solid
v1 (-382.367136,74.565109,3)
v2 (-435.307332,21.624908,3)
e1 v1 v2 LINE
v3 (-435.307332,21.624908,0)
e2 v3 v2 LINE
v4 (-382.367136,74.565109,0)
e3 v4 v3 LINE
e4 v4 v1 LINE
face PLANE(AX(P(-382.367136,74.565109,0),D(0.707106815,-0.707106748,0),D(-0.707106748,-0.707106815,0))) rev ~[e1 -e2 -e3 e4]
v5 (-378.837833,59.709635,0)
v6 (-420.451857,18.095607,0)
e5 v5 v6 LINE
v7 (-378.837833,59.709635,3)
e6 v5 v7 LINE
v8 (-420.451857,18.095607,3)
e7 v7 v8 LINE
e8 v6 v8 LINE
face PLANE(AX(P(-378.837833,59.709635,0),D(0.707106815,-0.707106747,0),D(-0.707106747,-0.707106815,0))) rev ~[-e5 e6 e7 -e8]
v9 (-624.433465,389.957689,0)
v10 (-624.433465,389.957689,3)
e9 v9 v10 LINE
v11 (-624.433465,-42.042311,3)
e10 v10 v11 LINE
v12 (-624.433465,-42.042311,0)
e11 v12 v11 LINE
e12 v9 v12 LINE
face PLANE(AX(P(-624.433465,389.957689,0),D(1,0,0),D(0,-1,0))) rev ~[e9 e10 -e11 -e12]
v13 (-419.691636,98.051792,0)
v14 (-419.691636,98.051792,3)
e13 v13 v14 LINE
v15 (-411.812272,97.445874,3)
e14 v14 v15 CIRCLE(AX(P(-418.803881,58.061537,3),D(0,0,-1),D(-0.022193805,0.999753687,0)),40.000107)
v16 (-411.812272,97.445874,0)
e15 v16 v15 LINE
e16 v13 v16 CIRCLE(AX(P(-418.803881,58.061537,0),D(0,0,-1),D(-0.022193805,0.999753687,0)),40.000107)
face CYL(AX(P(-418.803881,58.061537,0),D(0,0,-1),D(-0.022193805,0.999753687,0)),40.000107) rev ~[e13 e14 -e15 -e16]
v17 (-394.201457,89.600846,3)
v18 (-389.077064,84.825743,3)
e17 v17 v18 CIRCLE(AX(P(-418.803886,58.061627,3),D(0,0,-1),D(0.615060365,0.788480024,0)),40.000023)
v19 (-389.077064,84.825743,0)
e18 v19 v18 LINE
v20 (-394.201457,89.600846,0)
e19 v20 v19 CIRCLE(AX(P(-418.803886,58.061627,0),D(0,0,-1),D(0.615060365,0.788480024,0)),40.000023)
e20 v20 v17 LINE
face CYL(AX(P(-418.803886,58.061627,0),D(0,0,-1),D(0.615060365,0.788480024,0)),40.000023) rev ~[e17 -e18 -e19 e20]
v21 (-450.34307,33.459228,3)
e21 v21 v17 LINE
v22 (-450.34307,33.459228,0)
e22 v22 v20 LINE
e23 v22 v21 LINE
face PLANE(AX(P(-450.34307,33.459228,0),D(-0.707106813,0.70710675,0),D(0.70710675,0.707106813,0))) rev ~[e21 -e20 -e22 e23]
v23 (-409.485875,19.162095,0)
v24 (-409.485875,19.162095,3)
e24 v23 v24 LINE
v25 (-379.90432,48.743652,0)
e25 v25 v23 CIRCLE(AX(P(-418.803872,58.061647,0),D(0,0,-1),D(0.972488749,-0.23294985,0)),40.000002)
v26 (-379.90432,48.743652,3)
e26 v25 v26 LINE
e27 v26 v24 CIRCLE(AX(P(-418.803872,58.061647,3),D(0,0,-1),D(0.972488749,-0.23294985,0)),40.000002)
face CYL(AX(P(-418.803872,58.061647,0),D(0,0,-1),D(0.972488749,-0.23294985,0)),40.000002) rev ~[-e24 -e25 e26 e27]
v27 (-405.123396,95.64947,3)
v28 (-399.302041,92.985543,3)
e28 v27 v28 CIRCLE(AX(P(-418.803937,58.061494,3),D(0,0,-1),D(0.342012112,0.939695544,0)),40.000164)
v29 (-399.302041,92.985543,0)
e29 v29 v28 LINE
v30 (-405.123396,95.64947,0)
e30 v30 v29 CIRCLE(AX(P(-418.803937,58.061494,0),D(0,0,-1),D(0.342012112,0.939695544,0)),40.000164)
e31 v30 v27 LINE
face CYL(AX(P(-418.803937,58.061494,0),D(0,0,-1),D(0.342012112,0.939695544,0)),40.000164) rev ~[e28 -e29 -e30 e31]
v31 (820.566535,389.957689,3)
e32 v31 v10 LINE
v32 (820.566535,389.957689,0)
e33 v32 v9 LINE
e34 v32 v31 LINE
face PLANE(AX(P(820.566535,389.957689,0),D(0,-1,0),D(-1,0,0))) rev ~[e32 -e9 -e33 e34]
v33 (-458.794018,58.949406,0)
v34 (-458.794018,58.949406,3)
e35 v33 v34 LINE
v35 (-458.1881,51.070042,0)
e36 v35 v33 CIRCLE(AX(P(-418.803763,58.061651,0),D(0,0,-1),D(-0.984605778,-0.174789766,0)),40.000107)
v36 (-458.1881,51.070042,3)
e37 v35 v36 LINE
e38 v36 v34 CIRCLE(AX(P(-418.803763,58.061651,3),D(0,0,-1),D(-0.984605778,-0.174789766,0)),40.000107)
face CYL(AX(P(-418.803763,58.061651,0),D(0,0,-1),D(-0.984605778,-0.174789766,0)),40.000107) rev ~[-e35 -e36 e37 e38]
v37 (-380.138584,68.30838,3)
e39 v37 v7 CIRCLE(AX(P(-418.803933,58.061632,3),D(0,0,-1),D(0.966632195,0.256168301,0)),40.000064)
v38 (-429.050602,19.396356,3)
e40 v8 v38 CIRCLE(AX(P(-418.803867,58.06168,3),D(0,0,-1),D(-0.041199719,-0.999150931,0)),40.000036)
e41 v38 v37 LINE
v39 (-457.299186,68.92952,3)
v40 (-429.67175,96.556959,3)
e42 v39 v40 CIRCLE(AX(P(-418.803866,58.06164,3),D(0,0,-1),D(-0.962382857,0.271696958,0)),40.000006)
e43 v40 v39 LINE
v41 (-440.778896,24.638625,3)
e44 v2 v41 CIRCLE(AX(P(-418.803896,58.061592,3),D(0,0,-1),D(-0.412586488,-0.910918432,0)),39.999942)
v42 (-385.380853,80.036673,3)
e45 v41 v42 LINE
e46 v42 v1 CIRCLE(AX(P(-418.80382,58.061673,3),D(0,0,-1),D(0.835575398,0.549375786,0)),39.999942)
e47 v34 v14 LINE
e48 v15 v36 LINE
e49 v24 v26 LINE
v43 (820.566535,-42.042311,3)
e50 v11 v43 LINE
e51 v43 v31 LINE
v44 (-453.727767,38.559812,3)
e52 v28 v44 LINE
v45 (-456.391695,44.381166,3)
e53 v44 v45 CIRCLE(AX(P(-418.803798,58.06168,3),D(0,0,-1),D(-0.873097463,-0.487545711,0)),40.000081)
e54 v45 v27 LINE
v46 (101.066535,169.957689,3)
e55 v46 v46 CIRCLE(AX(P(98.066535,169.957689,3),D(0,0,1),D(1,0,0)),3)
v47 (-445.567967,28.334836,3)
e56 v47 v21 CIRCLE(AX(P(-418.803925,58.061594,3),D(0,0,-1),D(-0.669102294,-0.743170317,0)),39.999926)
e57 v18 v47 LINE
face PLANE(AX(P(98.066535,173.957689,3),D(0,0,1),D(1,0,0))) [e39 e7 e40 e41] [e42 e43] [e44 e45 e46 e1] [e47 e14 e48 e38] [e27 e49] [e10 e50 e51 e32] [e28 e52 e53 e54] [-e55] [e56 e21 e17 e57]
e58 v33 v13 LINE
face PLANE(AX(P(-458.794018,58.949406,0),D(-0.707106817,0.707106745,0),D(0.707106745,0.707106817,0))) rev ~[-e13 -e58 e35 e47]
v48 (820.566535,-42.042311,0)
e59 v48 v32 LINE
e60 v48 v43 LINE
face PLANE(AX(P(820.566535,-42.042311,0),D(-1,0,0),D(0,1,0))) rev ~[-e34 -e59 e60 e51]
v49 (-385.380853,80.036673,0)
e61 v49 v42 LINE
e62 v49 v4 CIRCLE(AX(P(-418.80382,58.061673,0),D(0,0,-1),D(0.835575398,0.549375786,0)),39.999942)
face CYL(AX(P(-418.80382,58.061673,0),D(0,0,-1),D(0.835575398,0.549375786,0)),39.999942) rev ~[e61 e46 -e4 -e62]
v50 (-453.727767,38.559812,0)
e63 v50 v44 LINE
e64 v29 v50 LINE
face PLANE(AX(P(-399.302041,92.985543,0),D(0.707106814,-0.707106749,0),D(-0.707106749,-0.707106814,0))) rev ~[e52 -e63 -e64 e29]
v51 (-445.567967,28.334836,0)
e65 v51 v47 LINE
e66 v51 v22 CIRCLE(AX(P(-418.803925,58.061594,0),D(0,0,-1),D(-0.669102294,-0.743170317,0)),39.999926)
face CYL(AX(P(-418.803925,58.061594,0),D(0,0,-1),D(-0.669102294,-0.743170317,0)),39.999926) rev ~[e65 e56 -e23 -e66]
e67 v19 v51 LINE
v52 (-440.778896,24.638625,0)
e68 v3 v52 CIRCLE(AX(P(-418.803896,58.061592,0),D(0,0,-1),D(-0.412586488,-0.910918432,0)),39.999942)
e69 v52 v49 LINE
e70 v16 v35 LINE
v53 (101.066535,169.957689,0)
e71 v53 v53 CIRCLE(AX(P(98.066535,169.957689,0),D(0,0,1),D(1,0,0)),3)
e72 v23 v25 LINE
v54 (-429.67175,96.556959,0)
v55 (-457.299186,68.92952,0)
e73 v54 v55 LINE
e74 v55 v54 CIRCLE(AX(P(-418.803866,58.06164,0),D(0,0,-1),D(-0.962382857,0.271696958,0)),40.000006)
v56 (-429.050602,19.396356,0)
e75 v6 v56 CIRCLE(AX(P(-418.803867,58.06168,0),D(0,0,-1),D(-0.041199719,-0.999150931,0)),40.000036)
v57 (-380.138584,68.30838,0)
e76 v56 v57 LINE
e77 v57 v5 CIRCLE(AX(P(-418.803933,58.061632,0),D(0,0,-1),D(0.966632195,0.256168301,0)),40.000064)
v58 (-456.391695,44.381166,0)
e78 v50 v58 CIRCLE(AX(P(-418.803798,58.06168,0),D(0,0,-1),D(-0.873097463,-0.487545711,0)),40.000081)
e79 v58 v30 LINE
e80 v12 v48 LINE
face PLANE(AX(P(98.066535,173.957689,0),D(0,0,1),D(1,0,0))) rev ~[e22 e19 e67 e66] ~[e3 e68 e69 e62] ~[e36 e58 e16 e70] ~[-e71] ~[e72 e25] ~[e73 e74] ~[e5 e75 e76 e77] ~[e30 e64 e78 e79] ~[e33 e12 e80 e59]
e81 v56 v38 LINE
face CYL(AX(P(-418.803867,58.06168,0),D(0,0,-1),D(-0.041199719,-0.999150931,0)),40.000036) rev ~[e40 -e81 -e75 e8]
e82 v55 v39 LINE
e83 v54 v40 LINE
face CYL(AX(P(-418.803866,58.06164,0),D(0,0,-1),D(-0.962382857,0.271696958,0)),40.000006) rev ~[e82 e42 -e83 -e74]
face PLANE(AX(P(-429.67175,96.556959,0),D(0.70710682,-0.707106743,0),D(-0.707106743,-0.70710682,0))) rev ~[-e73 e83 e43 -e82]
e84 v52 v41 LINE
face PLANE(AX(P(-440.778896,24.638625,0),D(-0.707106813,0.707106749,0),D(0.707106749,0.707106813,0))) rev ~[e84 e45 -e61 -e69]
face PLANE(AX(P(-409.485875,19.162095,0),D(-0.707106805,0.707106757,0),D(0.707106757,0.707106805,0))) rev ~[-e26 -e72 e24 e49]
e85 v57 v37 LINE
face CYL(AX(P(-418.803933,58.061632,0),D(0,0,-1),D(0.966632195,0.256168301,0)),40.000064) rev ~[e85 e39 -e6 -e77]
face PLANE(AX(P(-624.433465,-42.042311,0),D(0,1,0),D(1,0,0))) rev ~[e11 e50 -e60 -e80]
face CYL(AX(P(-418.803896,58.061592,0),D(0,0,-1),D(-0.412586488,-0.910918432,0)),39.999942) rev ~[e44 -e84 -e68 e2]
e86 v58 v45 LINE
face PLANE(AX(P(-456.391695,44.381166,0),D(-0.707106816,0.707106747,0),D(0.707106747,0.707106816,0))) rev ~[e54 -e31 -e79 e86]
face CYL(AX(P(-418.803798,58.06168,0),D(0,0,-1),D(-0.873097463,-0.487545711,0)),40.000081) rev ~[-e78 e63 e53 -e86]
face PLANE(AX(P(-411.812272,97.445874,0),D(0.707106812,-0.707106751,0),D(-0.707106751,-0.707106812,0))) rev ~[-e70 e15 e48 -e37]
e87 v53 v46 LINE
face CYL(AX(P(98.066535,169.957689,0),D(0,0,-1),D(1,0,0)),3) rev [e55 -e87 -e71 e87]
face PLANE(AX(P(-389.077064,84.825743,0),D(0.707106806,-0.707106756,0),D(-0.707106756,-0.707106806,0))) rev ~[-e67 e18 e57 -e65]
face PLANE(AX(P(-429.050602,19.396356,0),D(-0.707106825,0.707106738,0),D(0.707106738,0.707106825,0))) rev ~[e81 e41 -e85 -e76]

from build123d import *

# Parameters (mm, degrees)
F0_R     = 3
F1_DEPTH = 3


with BuildPart() as f1:
    # F0 (on Top) → F1 (new body)
    with BuildSketch(Plane.XY):
        Polygon((-624.433465, 389.957689), (-624.433465, -42.042311), (-157.433465, -42.042311), (353.566535, -42.042311), (820.566535, -42.042311), (820.566535, 389.957689), (353.566535, 389.957689), (-157.433465, 389.957689), align=None)
        with BuildLine():
            ThreePointArc((-379.90432, 48.743652), (-390.519598, 29.777375), (-409.485875, 19.162095))
            Line((-409.485875, 19.162095), (-379.90432, 48.743652))
        make_face(mode=Mode.SUBTRACT)
        with BuildLine():
            ThreePointArc((-420.451857, 18.095607), (-424.786685, 18.511601), (-429.050602, 19.396356))
            Line((-429.050602, 19.396356), (-380.138584, 68.30838))
            ThreePointArc((-380.138584, 68.30838), (-379.253828, 64.044462), (-378.837833, 59.709635))
            Line((-378.837833, 59.709635), (-420.451857, 18.095607))
        make_face(mode=Mode.SUBTRACT)
        with BuildLine():
            ThreePointArc((-435.307332, 21.624908), (-438.102034, 23.024794), (-440.778896, 24.638625))
            Line((-440.778896, 24.638625), (-385.380853, 80.036673))
            ThreePointArc((-385.380853, 80.036673), (-383.767022, 77.359811), (-382.367136, 74.565109))
            Line((-382.367136, 74.565109), (-435.307332, 21.624908))
        make_face(mode=Mode.SUBTRACT)
        with BuildLine():
            ThreePointArc((-445.567967, 28.334836), (-448.0679, 30.79231), (-450.34307, 33.459228))
            Line((-450.34307, 33.459228), (-394.201457, 89.600846))
            ThreePointArc((-394.201457, 89.600846), (-391.534539, 87.325676), (-389.077064, 84.825743))
            Line((-389.077064, 84.825743), (-445.567967, 28.334836))
        make_face(mode=Mode.SUBTRACT)
        with BuildLine():
            ThreePointArc((-453.727767, 38.559812), (-455.17638, 41.417109), (-456.391695, 44.381166))
            Line((-456.391695, 44.381166), (-405.123396, 95.64947))
            ThreePointArc((-405.123396, 95.64947), (-402.159338, 94.434155), (-399.302041, 92.985543))
            Line((-399.302041, 92.985543), (-453.727767, 38.559812))
        make_face(mode=Mode.SUBTRACT)
        with BuildLine():
            ThreePointArc((-458.1881, 51.070042), (-458.686122, 54.994724), (-458.794018, 58.949406))
            Line((-458.794018, 58.949406), (-419.691636, 98.051792))
            ThreePointArc((-419.691636, 98.051792), (-415.736954, 97.943896), (-411.812272, 97.445874))
            Line((-411.812272, 97.445874), (-458.1881, 51.070042))
        make_face(mode=Mode.SUBTRACT)
        with BuildLine():
            Line((-429.67175, 96.556959), (-457.299186, 68.92952))
            ThreePointArc((-457.299186, 68.92952), (-447.088143, 86.345914), (-429.67175, 96.556959))
        make_face(mode=Mode.SUBTRACT)
        with Locations((98.066535, 169.957689)):
            Circle(F0_R, mode=Mode.SUBTRACT)
    extrude(amount=F1_DEPTH)


solid = f1.part
